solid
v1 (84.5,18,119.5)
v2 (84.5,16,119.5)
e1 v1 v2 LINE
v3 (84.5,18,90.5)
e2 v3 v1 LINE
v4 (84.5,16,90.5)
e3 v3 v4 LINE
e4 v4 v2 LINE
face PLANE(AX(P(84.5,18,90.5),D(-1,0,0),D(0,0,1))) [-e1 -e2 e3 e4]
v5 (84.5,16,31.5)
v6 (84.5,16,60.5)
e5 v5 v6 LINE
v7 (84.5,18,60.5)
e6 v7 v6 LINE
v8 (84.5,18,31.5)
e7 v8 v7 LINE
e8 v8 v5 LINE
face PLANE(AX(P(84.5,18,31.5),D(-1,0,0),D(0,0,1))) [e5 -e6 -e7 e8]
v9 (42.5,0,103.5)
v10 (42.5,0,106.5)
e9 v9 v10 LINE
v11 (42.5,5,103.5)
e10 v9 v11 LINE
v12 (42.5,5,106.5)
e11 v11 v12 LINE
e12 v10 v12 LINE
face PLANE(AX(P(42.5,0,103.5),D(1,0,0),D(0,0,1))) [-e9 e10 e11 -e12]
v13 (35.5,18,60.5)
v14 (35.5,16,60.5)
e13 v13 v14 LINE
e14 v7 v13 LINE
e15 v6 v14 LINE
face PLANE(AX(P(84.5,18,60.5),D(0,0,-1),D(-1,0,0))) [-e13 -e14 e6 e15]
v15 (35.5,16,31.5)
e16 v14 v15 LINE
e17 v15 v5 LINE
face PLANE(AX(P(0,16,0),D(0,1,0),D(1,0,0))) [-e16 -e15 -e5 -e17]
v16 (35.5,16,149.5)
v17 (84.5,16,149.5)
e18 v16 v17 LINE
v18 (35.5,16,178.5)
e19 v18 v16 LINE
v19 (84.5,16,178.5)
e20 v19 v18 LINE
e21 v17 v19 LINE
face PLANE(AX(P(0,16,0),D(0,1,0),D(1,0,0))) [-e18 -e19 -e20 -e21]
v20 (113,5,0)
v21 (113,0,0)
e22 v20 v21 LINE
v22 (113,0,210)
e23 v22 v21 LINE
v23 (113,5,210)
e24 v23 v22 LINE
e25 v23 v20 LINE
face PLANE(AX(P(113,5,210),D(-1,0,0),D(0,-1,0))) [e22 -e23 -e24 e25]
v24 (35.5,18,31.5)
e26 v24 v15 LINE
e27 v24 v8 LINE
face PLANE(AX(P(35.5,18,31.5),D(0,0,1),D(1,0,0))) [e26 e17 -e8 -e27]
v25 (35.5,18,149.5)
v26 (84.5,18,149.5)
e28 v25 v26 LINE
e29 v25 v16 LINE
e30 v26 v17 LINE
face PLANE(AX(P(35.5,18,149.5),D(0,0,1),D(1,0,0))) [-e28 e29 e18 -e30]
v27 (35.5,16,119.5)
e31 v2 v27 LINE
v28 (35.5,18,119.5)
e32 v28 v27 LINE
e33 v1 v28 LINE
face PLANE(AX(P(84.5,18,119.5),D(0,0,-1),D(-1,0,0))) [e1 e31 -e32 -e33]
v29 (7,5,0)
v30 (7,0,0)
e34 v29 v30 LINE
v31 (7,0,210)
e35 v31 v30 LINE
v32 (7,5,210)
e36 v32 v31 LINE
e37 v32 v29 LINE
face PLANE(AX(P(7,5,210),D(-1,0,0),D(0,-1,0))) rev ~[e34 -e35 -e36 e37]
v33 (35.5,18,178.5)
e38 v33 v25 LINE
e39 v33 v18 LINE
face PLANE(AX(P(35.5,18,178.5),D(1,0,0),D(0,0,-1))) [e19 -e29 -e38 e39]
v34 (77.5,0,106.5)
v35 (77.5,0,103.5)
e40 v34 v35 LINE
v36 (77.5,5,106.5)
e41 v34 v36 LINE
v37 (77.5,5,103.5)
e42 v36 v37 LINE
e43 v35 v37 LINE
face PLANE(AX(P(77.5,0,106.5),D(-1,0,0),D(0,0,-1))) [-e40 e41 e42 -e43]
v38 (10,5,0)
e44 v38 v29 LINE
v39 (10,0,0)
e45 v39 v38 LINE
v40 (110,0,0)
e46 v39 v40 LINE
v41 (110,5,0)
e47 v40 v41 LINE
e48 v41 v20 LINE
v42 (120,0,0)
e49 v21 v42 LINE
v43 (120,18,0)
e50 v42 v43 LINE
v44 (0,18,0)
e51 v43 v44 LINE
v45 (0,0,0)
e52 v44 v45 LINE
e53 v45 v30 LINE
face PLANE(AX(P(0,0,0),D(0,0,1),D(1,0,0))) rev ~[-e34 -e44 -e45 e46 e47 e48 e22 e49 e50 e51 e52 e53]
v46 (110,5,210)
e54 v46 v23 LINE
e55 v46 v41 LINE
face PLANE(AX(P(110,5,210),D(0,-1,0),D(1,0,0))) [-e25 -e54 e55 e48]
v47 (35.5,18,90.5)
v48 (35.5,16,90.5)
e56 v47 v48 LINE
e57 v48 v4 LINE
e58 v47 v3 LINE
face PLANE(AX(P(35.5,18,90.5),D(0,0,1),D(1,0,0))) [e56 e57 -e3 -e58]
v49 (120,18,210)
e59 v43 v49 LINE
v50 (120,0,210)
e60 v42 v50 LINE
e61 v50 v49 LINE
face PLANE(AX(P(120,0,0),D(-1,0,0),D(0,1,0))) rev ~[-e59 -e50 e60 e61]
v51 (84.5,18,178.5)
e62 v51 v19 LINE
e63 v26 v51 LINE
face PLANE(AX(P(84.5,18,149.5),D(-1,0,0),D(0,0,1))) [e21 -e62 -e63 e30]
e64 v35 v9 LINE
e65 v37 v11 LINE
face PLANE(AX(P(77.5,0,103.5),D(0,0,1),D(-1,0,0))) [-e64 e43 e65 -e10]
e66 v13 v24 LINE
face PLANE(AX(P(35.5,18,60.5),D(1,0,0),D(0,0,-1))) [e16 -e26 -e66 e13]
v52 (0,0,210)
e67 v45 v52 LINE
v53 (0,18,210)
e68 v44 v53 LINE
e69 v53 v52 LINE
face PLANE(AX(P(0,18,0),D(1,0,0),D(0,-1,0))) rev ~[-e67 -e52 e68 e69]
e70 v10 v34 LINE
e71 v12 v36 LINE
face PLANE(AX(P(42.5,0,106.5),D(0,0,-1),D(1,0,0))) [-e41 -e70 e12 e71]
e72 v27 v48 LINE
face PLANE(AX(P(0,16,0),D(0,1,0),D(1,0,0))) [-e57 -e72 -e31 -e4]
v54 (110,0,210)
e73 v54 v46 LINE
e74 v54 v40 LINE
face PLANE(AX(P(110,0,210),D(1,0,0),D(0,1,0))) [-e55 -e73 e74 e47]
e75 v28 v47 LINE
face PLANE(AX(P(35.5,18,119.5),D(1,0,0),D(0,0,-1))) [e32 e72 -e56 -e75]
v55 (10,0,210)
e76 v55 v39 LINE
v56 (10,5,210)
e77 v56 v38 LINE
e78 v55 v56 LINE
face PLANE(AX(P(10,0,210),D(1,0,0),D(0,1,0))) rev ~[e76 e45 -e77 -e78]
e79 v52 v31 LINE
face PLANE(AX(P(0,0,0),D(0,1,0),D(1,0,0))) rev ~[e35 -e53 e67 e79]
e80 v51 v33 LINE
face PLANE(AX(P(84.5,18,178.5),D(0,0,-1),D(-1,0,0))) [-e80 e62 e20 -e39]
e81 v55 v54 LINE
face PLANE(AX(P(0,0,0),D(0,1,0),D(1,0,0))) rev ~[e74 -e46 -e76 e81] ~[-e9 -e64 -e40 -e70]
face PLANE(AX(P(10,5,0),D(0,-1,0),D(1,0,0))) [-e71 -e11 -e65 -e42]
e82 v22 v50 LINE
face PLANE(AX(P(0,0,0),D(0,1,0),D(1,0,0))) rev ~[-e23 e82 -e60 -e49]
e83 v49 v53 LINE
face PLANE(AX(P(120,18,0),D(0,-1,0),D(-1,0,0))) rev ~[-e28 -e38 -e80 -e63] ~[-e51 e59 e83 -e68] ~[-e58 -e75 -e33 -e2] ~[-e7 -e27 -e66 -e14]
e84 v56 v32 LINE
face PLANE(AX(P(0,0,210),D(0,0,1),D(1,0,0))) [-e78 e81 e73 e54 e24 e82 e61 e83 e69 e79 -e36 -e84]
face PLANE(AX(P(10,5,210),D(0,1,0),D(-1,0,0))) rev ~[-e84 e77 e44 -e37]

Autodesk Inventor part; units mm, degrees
ref_plane "YZ Plane" through (0, 0, 0) normal (1, 0, 0) x (0, 1, 0)
ref_plane "XZ Plane" through (0, 0, 0) normal (0, 1, 0) x (-1, 0, 0)
ref_plane "XY Plane" through (0, 0, 0) normal (0, 0, 1) x (1, 0, 0)
sketch "Sketch1" plane through (0, 0, 0) normal (0, 0, 1) x (1, 0, 0)
  line L0 (0, 0) -> (120, 0)
  line L1 (120, 0) -> (120, 18)
  line L2 (120, 18) -> (0, 18)
  line L3 (0, 18) -> (0, 0)
  dimension "d0" = 18
  dimension "d1" = 120
extrude "Extrusion1" add sketch "Sketch1" along normal blind 210
sketch "Sketch2" plane through (0, 0, 210) normal (0, 0, 1) x (1, 0, 0)
  line L0 (0, 0) -> (120, 0) projected
  line L1 (7, 0) -> (10, 0)
  line L2 (10, 0) -> (10, 5)
  line L3 (10, 5) -> (7, 5)
  line L4 (7, 5) -> (7, 0)
  line L5 (60, 0) -> (60, -17.5294) construction
  line L6 (113, 0) -> (110, 0)
  line L7 (110, 0) -> (110, 5)
  line L8 (110, 5) -> (113, 5)
  line L9 (113, 5) -> (113, 0)
  point P0 (110, 0)
  point P1 (113, 0)
  dimension "d4" = 3
  dimension "d5" = 5
  dimension "d26" = 100
extrude "Extrusion2" cut sketch "Sketch2" against normal through all
sketch "Sketch3" plane through (0, 18, 0) normal (0, 1, 0) x (1, 0, 0)
  line L0 (35.5, -31.5) -> (84.5, -31.5)
  line L1 (84.5, -31.5) -> (84.5, -60.5)
  line L2 (84.5, -60.5) -> (35.5, -60.5)
  line L3 (35.5, -60.5) -> (35.5, -31.5)
  line L4 (35.5, -90.5) -> (84.5, -90.5)
  line L5 (84.5, -90.5) -> (84.5, -119.5)
  line L6 (84.5, -119.5) -> (35.5, -119.5)
  line L7 (35.5, -119.5) -> (35.5, -90.5)
  line L8 (35.5, -149.5) -> (84.5, -149.5)
  line L9 (84.5, -149.5) -> (84.5, -178.5)
  line L10 (84.5, -178.5) -> (35.5, -178.5)
  line L11 (35.5, -178.5) -> (35.5, -149.5)
  line L12 (0, 0) -> (0, -210) projected
  line L13 (120, 0) -> (0, 0) projected
  point P0 (0, -105)
  point P1 (35.5, -105)
  point P2 (60, 0)
  point P3 (60, -31.5)
  dimension "d9" = 29
  dimension "d10" = 49
  dimension "d13" = 59
extrude "Extrusion3" cut sketch "Sketch3" against normal blind 2
sketch "Sketch4" plane through (10, 0, 0) normal (0, -1, 0) x (1, 0, 0)
  line L0 (-10, 0) -> (-10, 210) projected
  line L1 (0, 0) -> (100, 0) projected
  line L2 (32.5, 106.5) -> (67.5, 106.5)
  line L3 (67.5, 106.5) -> (67.5, 103.5)
  line L4 (67.5, 103.5) -> (32.5, 103.5)
  line L5 (32.5, 103.5) -> (32.5, 106.5)
  point P0 (-10, 105)
  point P1 (32.5, 105)
  point P2 (50, 103.5)
  point P3 (50, 0)
  dimension "d20" = 3
  dimension "d21" = 35
extrude "Extrusion4" cut sketch "Sketch4" against normal blind 5
properties part number "topplatform"
